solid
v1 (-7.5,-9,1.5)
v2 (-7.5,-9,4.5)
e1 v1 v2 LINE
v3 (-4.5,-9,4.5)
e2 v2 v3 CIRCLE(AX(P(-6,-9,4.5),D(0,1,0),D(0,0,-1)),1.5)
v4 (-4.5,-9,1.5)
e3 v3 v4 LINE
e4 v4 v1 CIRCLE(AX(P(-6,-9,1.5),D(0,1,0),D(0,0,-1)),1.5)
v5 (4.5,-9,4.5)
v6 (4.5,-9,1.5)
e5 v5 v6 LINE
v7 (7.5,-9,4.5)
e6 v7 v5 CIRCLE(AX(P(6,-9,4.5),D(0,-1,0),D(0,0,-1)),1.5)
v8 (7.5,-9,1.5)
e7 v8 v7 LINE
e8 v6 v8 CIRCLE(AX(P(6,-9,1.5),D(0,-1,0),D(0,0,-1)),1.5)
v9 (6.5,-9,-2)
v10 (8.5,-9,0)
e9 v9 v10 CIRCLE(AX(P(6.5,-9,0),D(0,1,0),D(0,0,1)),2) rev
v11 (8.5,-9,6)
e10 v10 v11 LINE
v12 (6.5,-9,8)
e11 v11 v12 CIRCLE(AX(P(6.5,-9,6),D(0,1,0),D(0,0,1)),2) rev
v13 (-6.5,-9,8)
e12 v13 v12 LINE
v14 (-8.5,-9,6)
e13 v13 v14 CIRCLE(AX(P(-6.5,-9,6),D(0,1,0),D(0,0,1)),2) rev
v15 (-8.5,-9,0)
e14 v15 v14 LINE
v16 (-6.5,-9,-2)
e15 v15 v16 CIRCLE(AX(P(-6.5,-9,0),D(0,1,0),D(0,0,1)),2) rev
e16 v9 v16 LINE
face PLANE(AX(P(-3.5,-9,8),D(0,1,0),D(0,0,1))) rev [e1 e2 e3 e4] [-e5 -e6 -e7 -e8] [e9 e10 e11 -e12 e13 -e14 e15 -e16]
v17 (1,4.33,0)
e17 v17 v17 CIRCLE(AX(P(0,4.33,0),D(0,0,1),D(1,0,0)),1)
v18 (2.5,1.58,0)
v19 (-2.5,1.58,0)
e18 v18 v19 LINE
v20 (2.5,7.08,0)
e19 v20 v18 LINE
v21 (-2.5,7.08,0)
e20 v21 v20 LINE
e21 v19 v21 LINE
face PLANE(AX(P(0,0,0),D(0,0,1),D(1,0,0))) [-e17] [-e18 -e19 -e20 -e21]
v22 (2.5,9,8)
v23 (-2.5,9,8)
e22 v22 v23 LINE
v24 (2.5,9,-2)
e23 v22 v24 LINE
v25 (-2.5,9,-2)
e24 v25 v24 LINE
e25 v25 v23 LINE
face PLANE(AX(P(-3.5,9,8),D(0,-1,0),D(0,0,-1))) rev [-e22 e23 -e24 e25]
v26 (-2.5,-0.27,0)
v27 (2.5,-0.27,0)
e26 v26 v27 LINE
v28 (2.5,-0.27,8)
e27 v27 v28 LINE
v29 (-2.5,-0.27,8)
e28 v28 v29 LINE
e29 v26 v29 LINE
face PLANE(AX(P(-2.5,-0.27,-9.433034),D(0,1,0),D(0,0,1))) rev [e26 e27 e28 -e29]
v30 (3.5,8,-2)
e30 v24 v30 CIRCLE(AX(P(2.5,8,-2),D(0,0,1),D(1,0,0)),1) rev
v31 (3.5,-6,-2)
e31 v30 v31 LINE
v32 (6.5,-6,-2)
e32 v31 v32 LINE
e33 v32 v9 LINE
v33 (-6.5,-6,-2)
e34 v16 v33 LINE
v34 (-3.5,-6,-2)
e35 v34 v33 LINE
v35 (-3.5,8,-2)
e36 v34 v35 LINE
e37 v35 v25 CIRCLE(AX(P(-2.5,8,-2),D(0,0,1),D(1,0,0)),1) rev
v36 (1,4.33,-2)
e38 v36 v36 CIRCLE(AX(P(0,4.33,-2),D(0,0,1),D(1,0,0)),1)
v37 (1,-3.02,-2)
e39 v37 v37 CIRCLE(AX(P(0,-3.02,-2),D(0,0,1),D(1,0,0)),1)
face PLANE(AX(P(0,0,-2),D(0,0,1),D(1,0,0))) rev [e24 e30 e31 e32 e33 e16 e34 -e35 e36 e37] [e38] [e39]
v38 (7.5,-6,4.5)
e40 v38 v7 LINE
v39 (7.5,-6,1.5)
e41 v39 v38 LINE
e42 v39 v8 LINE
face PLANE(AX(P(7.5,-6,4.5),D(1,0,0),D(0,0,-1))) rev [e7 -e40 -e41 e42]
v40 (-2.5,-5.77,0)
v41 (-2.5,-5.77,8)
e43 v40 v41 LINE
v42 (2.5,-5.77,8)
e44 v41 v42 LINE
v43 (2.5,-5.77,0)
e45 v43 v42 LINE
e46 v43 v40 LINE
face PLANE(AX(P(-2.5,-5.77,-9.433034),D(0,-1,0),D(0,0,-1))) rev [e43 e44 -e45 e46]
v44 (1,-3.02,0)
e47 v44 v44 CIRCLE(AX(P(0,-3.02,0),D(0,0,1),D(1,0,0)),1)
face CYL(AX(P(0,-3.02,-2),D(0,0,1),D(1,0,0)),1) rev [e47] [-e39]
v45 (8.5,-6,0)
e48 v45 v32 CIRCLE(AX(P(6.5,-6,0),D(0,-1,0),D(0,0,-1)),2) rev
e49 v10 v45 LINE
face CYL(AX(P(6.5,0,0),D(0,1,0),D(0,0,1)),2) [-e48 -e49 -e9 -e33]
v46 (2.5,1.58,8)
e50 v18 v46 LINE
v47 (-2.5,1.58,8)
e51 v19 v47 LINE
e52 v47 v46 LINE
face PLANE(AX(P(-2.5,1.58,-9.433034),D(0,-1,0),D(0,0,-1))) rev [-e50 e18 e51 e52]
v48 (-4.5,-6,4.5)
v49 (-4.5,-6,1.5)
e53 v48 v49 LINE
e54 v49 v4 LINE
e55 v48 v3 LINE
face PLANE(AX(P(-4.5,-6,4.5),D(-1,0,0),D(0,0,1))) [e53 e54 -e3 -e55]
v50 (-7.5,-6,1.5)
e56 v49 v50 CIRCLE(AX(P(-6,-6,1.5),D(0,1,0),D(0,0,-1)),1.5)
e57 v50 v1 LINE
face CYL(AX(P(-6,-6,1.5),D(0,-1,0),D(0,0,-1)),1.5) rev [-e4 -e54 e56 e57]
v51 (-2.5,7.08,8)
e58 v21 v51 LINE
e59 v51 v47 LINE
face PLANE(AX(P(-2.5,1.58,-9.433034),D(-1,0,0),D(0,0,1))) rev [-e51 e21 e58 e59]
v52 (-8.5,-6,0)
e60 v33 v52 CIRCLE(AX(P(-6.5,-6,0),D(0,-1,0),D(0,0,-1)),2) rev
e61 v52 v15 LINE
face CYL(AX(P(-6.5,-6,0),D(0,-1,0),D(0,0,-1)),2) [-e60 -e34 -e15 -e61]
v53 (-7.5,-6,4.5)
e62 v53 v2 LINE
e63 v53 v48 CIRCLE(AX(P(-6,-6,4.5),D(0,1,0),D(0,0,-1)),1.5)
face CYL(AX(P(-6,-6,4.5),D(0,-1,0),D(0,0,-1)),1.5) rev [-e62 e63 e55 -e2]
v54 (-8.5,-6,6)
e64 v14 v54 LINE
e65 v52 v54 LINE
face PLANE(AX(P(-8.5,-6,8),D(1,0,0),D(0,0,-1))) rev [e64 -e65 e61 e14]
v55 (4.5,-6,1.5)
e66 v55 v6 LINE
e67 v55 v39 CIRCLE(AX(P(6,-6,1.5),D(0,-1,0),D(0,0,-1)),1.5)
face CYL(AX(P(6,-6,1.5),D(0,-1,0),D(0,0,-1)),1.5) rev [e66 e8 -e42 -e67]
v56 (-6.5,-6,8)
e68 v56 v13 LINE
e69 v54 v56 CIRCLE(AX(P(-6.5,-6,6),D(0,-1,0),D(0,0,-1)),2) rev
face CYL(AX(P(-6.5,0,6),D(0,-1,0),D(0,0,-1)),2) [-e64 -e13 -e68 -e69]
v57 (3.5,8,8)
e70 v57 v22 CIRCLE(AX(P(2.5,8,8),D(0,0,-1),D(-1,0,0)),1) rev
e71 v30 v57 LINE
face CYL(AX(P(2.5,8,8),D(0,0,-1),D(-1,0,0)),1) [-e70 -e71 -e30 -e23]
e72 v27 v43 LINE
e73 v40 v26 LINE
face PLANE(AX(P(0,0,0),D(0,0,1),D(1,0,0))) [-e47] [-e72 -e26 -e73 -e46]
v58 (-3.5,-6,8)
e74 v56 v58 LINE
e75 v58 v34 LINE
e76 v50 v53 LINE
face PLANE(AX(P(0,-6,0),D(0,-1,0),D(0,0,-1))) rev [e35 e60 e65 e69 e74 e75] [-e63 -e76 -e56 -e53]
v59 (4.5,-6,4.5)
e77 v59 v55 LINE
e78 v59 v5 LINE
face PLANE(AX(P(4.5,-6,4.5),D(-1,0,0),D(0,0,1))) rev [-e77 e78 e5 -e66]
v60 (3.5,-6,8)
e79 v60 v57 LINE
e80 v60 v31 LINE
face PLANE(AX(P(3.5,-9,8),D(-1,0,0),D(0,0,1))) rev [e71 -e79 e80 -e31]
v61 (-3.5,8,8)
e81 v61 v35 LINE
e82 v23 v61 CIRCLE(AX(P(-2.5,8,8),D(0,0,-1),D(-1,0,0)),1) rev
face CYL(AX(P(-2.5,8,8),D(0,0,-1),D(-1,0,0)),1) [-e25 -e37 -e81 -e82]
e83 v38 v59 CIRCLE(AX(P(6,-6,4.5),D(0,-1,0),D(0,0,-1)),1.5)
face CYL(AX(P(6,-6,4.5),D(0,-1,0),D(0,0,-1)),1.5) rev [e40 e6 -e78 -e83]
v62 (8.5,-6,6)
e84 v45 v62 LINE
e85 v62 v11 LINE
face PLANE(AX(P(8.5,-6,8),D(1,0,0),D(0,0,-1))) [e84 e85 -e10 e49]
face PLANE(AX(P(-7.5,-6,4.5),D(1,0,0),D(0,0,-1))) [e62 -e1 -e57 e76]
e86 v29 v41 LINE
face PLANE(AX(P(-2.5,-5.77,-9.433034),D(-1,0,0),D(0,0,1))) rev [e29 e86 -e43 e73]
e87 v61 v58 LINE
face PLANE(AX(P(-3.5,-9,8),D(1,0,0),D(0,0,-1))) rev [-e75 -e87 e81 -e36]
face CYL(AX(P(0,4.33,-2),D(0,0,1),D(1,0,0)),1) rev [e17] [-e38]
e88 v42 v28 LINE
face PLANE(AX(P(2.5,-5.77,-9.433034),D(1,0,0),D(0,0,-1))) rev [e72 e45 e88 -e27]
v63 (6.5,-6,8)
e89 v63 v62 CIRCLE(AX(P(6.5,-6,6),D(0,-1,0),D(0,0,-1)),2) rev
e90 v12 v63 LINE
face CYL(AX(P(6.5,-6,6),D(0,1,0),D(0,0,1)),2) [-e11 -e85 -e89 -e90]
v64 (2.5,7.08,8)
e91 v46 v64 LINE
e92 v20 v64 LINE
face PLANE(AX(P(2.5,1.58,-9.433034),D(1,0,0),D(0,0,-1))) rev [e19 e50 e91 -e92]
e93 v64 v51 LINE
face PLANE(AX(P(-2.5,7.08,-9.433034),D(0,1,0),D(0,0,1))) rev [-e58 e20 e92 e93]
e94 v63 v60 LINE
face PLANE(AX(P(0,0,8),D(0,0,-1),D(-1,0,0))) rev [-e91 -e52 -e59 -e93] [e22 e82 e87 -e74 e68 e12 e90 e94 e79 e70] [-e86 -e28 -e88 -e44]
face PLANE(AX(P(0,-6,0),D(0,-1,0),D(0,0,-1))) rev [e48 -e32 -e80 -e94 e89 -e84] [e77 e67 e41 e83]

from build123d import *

# Parameters (mm, degrees)
SKETCH1_W            = 7
SKETCH1_H            = 18
BOSS_EXTRUDE1_DEPTH  = 8
SKETCH3_W            = 7
SKETCH3_H            = 18
BOSS_EXTRUDE2_DEPTH  = 2
SKETCH2_W            = 5
SKETCH2_H            = 5.5
CUT_EXTRUDE1_DEPTH   = 8
SKETCH4_R            = 1
CUT_EXTRUDE2_DEPTH   = 3
SKETCH5_W            = 5
SKETCH5_H            = 10
BOSS_EXTRUDE3_DEPTH  = 3
FILLET1_R            = 2
FILLET1_OF_MIRROR2_R = 2
FILLET2_R            = 1


with BuildPart() as part:
    # Sketch1 → Boss-Extrude1 (new body)
    with BuildSketch(Plane.XY):
        Rectangle(SKETCH1_W, SKETCH1_H)
    extrude(amount=BOSS_EXTRUDE1_DEPTH)

    # Sketch3 → Boss-Extrude2 (add)
    with BuildSketch(Plane(origin=(0, 0, 0), x_dir=(-1, 0, 0), z_dir=(0, 0, -1))):
        Rectangle(SKETCH3_W, SKETCH3_H)
    extrude(amount=BOSS_EXTRUDE2_DEPTH)

    # Sketch2 → Cut-Extrude1 (cut)
    with BuildSketch(Plane.XY.offset(8)):
        with Locations((0, 4.33)):
            Rectangle(SKETCH2_W, SKETCH2_H)
        with Locations((0, -3.02)):
            Rectangle(SKETCH2_W, SKETCH2_H)
    extrude(amount=-CUT_EXTRUDE1_DEPTH, mode=Mode.SUBTRACT)

    # Sketch4 → Cut-Extrude2 (cut, through all)
    with BuildSketch(Plane.XY):
        with Locations((0, 4.33)):
            Circle(SKETCH4_R)
        with Locations((0, -3.02)):
            Circle(SKETCH4_R)
    extrude(amount=-CUT_EXTRUDE2_DEPTH, mode=Mode.SUBTRACT)

    # Sketch5 → Boss-Extrude3 (add)
    with BuildSketch(Plane.XZ.offset(9)):
        with Locations((6, 3)):
            Rectangle(SKETCH5_W, SKETCH5_H)
        with BuildLine():
            Line((7.5, 4.5), (7.5, 1.5))
            ThreePointArc((7.5, 1.5), (6, 0), (4.5, 1.5))
            Line((4.5, 1.5), (4.5, 4.5))
            ThreePointArc((4.5, 4.5), (6, 6), (7.5, 4.5))
        make_face(mode=Mode.SUBTRACT)
    boss_extrude3 = extrude(amount=-BOSS_EXTRUDE3_DEPTH)

    # Fillet1
    fillet1_edges = [part.edges().sort_by_distance(p)[0] for p in [
        (8.5, -7.5, -2),
        (8.5, -7.5, 8),
    ]]
    fillet(fillet1_edges, radius=FILLET1_R)

    # Mirror2: Boss-Extrude3 across plane
    add(boss_extrude3.mirror(Plane(origin=(0, 0, 0), x_dir=(0, 0, 1), z_dir=(1, 0, 0))))

    # Fillet1 of Mirror2
    fillet1_of_mirror2_edges = [part.edges().sort_by_distance(p)[0] for p in [
        (-8.5, -7.5, -2),
        (-8.5, -7.5, 8),
    ]]
    fillet(fillet1_of_mirror2_edges, radius=FILLET1_OF_MIRROR2_R)

    # Fillet2
    fillet2_edges = [part.edges().sort_by_distance(p)[0] for p in [
        (3.5, 9, 3),
        (-3.5, 9, 3),
    ]]
    fillet(fillet2_edges, radius=FILLET2_R)


solid = part.part
